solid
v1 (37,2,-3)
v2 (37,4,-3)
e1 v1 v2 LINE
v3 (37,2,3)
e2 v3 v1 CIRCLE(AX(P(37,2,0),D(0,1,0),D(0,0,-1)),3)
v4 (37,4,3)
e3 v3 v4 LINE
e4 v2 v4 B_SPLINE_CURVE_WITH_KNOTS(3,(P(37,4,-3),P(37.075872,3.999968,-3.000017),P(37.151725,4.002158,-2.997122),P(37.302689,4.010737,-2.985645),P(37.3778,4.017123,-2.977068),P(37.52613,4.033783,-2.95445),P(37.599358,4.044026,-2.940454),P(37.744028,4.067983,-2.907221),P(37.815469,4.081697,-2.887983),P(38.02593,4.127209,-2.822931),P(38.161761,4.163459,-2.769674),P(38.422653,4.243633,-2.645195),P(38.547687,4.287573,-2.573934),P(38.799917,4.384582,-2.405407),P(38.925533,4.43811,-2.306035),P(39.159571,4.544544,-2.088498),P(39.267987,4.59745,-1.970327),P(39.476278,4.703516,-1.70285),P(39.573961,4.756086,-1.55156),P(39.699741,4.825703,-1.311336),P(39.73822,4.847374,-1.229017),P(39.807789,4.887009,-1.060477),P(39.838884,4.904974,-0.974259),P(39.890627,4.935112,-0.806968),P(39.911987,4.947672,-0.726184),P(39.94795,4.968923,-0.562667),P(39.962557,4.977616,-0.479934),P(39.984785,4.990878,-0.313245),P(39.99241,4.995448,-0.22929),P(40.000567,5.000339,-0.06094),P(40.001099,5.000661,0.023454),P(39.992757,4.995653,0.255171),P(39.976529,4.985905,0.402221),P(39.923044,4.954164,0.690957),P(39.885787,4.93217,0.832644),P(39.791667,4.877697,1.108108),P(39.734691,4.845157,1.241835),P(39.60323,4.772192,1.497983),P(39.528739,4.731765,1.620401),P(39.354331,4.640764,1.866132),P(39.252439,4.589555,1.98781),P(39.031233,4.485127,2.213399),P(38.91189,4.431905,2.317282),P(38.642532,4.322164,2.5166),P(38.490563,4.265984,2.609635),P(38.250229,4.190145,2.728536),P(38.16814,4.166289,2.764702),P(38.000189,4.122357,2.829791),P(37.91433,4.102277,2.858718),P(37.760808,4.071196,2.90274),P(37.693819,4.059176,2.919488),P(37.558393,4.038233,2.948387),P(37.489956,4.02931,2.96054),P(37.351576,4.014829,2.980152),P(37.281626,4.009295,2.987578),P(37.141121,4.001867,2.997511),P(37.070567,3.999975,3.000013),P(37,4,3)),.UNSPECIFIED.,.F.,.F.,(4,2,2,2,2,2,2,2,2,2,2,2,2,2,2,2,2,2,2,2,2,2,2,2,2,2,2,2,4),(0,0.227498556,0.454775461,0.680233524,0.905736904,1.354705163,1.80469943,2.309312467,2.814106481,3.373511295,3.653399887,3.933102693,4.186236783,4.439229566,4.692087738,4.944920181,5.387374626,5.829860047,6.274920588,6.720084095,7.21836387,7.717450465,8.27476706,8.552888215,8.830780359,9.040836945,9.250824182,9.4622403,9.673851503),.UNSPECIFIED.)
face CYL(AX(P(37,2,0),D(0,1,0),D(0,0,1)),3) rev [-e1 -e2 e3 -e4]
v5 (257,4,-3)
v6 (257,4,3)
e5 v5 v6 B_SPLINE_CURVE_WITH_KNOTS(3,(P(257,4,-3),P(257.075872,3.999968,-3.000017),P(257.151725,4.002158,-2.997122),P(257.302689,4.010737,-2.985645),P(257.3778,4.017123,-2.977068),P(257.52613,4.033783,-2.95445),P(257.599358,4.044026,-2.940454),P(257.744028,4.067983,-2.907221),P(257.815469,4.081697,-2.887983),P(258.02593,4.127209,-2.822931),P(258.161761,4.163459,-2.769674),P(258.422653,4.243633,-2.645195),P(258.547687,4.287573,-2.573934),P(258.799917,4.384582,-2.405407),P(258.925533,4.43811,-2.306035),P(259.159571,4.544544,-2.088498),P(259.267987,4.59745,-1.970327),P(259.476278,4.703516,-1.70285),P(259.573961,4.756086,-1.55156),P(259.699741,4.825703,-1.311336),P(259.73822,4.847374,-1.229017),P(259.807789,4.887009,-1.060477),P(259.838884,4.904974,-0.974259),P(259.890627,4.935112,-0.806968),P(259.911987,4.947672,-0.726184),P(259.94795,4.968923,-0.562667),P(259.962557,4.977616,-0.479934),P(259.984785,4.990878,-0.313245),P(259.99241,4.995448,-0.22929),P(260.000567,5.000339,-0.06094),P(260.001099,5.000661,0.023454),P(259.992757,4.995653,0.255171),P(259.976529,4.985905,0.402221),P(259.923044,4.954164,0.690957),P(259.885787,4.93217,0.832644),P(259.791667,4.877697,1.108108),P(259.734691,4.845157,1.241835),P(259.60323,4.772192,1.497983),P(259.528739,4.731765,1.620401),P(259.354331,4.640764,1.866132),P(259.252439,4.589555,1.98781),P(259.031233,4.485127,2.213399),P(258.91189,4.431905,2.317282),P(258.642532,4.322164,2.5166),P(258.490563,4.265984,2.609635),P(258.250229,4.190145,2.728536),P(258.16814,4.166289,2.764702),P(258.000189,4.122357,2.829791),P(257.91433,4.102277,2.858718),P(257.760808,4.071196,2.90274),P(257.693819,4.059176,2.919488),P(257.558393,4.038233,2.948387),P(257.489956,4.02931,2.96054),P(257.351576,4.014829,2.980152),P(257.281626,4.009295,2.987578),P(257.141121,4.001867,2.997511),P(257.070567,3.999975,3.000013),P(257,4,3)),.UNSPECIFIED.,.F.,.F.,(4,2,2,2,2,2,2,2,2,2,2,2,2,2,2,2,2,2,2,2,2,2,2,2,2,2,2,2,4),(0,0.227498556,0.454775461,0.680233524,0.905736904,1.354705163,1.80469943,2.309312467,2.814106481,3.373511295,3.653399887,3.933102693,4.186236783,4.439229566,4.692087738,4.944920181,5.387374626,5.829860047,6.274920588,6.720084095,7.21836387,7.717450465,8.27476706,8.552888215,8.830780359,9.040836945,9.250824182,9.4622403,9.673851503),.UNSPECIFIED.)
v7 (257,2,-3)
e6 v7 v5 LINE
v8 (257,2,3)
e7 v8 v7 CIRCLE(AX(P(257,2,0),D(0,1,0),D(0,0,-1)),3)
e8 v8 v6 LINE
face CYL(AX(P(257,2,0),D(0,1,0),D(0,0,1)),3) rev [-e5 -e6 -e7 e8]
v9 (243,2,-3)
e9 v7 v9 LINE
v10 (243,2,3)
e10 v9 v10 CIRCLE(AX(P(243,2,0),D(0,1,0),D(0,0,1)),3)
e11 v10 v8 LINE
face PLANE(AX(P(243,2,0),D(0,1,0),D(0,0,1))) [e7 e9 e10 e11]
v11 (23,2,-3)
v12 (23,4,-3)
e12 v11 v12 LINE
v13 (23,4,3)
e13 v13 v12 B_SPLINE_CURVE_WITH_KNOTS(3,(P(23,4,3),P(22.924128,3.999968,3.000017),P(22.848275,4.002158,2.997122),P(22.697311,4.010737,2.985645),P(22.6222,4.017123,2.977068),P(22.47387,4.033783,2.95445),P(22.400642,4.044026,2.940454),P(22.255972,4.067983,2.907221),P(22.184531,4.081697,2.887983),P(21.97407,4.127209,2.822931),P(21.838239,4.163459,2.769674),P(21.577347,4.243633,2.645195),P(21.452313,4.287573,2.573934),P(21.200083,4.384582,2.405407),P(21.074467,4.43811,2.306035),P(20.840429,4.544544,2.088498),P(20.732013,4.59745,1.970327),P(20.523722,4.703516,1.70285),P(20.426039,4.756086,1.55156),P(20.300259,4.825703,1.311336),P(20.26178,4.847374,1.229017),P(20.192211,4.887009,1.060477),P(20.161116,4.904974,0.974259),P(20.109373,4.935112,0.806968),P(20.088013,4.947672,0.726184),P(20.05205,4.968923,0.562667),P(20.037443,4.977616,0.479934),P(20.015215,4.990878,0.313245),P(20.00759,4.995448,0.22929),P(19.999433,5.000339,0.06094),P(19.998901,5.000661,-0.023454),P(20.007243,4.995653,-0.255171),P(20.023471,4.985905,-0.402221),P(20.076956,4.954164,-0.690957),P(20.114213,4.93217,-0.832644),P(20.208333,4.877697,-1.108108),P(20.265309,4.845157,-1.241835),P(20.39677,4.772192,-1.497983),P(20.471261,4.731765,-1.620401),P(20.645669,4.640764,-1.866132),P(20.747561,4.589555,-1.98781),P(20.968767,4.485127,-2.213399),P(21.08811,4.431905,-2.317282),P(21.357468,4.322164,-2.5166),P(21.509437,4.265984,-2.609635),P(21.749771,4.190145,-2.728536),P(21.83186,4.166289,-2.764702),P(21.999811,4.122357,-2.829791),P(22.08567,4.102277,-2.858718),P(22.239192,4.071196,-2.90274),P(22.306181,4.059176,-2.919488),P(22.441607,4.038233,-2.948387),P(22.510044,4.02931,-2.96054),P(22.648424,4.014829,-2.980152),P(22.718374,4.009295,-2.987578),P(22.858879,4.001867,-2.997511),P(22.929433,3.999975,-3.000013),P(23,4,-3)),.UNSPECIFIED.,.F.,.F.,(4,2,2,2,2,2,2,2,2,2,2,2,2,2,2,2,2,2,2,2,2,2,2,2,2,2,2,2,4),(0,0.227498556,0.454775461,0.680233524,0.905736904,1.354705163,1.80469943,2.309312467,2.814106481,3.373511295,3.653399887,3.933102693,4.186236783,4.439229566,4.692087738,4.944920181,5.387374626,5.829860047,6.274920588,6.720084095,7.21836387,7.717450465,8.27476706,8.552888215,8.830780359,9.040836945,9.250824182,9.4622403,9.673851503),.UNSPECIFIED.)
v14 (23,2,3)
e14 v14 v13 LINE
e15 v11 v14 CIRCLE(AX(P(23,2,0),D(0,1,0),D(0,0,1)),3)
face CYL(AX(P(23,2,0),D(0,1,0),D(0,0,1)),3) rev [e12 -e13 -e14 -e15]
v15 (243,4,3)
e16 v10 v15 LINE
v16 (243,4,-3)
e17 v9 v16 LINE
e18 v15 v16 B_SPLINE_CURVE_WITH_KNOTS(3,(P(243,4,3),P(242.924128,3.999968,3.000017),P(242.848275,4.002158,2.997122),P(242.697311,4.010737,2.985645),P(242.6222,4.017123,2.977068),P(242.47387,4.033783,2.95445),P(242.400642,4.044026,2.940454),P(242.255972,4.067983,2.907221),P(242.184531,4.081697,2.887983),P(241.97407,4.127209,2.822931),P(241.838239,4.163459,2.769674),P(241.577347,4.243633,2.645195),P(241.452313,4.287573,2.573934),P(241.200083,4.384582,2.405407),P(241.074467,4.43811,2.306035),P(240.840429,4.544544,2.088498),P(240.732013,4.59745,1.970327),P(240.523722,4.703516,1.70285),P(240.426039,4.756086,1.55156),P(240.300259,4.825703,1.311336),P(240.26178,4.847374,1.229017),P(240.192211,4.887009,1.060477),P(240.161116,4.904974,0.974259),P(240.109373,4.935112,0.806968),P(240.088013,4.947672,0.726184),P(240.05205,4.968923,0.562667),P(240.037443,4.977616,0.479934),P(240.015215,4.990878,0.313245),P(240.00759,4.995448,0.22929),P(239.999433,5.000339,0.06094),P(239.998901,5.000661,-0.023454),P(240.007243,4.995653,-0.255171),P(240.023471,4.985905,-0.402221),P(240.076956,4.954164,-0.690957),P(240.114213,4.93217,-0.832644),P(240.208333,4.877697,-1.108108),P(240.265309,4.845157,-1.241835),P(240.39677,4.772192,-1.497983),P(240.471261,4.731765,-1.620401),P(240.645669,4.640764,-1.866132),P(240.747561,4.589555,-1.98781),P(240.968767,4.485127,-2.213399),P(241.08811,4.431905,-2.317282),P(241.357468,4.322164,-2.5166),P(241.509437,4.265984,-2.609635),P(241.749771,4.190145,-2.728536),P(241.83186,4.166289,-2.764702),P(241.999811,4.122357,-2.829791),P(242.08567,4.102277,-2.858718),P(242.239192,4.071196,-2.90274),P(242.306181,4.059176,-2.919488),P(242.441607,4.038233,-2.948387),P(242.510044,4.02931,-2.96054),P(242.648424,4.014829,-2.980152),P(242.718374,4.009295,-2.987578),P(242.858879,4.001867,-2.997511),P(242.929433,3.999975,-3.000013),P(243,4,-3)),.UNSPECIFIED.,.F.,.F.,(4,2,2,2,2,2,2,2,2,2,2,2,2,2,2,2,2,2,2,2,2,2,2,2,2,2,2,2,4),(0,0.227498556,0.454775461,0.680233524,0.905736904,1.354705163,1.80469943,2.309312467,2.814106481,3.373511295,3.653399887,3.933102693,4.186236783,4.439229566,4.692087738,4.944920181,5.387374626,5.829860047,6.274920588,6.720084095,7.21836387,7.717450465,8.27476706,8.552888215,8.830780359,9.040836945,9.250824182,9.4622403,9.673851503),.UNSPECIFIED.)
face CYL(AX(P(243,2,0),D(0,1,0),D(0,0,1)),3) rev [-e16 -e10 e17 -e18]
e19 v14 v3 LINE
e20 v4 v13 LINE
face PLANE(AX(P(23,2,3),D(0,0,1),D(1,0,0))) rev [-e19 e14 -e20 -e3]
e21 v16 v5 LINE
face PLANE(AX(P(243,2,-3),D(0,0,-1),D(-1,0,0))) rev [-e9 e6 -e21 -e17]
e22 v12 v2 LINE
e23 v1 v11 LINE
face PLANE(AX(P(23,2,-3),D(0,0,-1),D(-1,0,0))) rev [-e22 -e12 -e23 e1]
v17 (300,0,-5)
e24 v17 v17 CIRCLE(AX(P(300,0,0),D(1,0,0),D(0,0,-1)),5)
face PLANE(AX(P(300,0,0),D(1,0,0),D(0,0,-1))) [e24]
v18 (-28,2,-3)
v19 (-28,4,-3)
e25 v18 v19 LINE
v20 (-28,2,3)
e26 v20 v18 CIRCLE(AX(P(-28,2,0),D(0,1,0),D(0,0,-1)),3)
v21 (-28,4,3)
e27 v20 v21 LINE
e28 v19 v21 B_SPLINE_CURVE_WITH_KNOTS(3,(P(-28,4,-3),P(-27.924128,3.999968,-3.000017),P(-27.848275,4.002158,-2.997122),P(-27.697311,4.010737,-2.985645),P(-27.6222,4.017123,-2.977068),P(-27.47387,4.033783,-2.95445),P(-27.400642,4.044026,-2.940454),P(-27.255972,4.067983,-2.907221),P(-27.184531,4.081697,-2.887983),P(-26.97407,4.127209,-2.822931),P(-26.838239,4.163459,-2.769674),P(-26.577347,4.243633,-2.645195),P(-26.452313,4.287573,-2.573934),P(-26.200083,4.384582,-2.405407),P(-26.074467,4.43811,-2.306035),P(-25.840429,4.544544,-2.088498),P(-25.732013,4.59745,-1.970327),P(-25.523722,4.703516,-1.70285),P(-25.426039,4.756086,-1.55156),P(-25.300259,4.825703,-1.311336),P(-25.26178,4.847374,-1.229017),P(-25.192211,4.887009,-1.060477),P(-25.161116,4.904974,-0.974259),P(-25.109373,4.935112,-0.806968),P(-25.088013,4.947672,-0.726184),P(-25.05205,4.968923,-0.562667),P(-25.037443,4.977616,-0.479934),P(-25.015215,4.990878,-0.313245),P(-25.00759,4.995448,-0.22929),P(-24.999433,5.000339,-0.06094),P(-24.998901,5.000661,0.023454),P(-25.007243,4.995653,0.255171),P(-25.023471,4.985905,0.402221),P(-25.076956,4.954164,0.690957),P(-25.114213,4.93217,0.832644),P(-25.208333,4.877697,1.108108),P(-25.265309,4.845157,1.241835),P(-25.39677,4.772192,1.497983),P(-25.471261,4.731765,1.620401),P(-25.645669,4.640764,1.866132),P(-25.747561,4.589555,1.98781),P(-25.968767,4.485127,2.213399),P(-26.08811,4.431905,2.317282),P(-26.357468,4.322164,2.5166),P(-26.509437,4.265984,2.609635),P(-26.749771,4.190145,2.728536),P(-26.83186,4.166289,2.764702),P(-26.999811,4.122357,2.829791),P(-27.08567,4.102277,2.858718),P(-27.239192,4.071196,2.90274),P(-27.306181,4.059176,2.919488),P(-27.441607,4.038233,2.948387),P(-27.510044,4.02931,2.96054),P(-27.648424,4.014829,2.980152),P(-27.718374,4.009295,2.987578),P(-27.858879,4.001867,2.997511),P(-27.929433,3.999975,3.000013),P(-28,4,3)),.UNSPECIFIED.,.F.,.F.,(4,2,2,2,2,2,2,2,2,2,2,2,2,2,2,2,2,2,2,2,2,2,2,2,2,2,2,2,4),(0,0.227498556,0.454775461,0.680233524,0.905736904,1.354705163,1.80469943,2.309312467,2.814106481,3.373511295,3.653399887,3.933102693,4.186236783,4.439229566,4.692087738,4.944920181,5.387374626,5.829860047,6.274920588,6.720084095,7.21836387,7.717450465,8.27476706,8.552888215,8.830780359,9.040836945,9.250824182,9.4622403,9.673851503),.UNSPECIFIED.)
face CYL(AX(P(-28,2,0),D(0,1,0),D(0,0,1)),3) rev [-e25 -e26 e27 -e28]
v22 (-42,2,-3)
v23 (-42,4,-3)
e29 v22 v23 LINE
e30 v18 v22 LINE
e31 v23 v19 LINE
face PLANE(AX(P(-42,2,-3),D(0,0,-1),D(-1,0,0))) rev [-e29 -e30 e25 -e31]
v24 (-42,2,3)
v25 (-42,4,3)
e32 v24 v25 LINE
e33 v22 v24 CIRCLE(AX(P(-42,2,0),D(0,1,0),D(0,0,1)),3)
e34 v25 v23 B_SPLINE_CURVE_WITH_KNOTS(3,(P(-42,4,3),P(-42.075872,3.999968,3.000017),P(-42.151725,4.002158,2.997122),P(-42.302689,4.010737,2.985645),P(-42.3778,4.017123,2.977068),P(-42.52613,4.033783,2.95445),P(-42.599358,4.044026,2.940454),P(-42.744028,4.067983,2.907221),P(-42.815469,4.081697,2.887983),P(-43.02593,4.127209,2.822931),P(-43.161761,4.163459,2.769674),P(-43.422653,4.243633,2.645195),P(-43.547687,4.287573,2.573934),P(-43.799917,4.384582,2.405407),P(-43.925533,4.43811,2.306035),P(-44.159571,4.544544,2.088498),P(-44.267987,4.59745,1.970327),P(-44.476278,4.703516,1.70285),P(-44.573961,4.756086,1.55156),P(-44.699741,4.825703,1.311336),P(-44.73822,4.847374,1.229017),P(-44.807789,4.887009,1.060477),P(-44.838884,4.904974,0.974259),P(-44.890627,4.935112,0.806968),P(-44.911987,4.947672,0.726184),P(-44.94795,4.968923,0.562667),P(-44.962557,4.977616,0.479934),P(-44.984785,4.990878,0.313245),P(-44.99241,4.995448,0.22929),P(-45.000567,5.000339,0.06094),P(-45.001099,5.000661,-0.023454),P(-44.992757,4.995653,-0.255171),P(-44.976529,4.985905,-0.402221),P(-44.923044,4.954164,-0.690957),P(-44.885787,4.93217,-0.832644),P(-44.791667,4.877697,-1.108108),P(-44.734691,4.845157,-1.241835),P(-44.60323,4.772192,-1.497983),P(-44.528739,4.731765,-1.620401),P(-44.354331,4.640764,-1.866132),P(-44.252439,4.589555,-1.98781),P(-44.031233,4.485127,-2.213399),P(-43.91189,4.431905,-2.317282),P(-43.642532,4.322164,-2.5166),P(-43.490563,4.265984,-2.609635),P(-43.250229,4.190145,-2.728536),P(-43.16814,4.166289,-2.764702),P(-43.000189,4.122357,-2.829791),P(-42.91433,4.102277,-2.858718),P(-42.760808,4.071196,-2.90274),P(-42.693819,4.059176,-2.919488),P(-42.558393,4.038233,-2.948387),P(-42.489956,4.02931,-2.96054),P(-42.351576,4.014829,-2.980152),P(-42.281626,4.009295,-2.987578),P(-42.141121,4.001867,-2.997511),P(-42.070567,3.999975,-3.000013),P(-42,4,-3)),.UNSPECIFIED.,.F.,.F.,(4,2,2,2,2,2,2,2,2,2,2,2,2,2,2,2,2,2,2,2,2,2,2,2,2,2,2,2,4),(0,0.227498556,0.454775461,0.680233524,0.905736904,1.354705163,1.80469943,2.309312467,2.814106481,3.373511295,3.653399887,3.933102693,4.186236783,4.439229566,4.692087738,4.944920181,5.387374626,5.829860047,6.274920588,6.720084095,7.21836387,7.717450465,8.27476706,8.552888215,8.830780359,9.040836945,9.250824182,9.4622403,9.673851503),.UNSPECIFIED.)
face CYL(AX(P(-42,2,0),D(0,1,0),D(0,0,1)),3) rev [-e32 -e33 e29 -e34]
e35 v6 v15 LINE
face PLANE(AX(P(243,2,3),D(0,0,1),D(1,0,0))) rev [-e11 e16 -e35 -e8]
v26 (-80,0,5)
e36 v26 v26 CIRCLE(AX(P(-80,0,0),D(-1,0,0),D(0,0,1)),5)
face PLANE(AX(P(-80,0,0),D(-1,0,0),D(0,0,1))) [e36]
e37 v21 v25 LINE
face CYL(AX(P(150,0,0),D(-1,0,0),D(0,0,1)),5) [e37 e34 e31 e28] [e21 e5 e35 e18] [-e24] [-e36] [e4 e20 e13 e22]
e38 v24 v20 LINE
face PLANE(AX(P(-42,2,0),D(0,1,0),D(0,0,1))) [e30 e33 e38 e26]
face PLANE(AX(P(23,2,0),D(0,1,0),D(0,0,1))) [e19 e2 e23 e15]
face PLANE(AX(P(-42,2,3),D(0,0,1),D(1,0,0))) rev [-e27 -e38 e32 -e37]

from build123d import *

# Parameters (mm, degrees)
SKETCH_1_R             = 5
EXTRUDE_1_DEPTH        = 150
CUT_EXTRUDE_1_DEPTH    = 3
SKETCH_3_R             = 5
EXTRUDE_2_DEPTH        = 150
CUT_EXTRUDE_2_DEPTH    = 3
EXTRUDE_START          = 80
SKETCH_5_R             = 5
EXTRUDE_4_DEPTH        = 80
PATTERN_LINEAR_2_COUNT = 2
PATTERN_LINEAR_2_PITCH = 65


with BuildPart() as part:
    # 草图1 → 凸台-拉伸1 (new body)
    with BuildSketch(Plane(origin=(0, 0, 0), x_dir=(0, 0, -1), z_dir=(1, 0, 0))):
        Circle(SKETCH_1_R)
    extrude(amount=EXTRUDE_1_DEPTH)

    # 草图2 → 切除-拉伸1 (cut)
    with BuildSketch(Plane(origin=(0, 5, 0), x_dir=(1, 0, 0), z_dir=(0, 1, 0))):
        with BuildLine():
            Line((23, 3), (37, 3))
            ThreePointArc((37, 3), (40, 0), (37, -3))
            Line((37, -3), (23, -3))
            ThreePointArc((23, -3), (20, 0), (23, 3))
        make_face()
    cut_extrude_1 = extrude(amount=-CUT_EXTRUDE_1_DEPTH, mode=Mode.SUBTRACT)

    # 草图3 → 凸台-拉伸2 (add)
    with BuildSketch(Plane(origin=(150, 0, 0), x_dir=(0, 0, -1), z_dir=(1, 0, 0))):
        Circle(SKETCH_3_R)
    extrude(amount=EXTRUDE_2_DEPTH)

    # 草图4 → 切除-拉伸2 (cut)
    with BuildSketch(Plane(origin=(0, 5, 0), x_dir=(1, 0, 0), z_dir=(0, 1, 0))):
        with BuildLine():
            Line((243, 3), (257, 3))
            ThreePointArc((257, 3), (260, 0), (257, -3))
            Line((257, -3), (243, -3))
            ThreePointArc((243, -3), (240, 0), (243, 3))
        make_face()
    extrude(amount=-CUT_EXTRUDE_2_DEPTH, mode=Mode.SUBTRACT)

    # 草图5 → 凸台-拉伸4 (add)
    with BuildSketch(Plane.ZY.offset(EXTRUDE_START)):
        Circle(SKETCH_5_R)
    extrude(amount=-EXTRUDE_4_DEPTH)

    # 阵列(线性)2: 切除-拉伸1 ×2
    with Locations(*[(-i * PATTERN_LINEAR_2_PITCH, 0, 0) for i in range(1, PATTERN_LINEAR_2_COUNT)]):
        add(cut_extrude_1, mode=Mode.SUBTRACT)


solid = part.part
